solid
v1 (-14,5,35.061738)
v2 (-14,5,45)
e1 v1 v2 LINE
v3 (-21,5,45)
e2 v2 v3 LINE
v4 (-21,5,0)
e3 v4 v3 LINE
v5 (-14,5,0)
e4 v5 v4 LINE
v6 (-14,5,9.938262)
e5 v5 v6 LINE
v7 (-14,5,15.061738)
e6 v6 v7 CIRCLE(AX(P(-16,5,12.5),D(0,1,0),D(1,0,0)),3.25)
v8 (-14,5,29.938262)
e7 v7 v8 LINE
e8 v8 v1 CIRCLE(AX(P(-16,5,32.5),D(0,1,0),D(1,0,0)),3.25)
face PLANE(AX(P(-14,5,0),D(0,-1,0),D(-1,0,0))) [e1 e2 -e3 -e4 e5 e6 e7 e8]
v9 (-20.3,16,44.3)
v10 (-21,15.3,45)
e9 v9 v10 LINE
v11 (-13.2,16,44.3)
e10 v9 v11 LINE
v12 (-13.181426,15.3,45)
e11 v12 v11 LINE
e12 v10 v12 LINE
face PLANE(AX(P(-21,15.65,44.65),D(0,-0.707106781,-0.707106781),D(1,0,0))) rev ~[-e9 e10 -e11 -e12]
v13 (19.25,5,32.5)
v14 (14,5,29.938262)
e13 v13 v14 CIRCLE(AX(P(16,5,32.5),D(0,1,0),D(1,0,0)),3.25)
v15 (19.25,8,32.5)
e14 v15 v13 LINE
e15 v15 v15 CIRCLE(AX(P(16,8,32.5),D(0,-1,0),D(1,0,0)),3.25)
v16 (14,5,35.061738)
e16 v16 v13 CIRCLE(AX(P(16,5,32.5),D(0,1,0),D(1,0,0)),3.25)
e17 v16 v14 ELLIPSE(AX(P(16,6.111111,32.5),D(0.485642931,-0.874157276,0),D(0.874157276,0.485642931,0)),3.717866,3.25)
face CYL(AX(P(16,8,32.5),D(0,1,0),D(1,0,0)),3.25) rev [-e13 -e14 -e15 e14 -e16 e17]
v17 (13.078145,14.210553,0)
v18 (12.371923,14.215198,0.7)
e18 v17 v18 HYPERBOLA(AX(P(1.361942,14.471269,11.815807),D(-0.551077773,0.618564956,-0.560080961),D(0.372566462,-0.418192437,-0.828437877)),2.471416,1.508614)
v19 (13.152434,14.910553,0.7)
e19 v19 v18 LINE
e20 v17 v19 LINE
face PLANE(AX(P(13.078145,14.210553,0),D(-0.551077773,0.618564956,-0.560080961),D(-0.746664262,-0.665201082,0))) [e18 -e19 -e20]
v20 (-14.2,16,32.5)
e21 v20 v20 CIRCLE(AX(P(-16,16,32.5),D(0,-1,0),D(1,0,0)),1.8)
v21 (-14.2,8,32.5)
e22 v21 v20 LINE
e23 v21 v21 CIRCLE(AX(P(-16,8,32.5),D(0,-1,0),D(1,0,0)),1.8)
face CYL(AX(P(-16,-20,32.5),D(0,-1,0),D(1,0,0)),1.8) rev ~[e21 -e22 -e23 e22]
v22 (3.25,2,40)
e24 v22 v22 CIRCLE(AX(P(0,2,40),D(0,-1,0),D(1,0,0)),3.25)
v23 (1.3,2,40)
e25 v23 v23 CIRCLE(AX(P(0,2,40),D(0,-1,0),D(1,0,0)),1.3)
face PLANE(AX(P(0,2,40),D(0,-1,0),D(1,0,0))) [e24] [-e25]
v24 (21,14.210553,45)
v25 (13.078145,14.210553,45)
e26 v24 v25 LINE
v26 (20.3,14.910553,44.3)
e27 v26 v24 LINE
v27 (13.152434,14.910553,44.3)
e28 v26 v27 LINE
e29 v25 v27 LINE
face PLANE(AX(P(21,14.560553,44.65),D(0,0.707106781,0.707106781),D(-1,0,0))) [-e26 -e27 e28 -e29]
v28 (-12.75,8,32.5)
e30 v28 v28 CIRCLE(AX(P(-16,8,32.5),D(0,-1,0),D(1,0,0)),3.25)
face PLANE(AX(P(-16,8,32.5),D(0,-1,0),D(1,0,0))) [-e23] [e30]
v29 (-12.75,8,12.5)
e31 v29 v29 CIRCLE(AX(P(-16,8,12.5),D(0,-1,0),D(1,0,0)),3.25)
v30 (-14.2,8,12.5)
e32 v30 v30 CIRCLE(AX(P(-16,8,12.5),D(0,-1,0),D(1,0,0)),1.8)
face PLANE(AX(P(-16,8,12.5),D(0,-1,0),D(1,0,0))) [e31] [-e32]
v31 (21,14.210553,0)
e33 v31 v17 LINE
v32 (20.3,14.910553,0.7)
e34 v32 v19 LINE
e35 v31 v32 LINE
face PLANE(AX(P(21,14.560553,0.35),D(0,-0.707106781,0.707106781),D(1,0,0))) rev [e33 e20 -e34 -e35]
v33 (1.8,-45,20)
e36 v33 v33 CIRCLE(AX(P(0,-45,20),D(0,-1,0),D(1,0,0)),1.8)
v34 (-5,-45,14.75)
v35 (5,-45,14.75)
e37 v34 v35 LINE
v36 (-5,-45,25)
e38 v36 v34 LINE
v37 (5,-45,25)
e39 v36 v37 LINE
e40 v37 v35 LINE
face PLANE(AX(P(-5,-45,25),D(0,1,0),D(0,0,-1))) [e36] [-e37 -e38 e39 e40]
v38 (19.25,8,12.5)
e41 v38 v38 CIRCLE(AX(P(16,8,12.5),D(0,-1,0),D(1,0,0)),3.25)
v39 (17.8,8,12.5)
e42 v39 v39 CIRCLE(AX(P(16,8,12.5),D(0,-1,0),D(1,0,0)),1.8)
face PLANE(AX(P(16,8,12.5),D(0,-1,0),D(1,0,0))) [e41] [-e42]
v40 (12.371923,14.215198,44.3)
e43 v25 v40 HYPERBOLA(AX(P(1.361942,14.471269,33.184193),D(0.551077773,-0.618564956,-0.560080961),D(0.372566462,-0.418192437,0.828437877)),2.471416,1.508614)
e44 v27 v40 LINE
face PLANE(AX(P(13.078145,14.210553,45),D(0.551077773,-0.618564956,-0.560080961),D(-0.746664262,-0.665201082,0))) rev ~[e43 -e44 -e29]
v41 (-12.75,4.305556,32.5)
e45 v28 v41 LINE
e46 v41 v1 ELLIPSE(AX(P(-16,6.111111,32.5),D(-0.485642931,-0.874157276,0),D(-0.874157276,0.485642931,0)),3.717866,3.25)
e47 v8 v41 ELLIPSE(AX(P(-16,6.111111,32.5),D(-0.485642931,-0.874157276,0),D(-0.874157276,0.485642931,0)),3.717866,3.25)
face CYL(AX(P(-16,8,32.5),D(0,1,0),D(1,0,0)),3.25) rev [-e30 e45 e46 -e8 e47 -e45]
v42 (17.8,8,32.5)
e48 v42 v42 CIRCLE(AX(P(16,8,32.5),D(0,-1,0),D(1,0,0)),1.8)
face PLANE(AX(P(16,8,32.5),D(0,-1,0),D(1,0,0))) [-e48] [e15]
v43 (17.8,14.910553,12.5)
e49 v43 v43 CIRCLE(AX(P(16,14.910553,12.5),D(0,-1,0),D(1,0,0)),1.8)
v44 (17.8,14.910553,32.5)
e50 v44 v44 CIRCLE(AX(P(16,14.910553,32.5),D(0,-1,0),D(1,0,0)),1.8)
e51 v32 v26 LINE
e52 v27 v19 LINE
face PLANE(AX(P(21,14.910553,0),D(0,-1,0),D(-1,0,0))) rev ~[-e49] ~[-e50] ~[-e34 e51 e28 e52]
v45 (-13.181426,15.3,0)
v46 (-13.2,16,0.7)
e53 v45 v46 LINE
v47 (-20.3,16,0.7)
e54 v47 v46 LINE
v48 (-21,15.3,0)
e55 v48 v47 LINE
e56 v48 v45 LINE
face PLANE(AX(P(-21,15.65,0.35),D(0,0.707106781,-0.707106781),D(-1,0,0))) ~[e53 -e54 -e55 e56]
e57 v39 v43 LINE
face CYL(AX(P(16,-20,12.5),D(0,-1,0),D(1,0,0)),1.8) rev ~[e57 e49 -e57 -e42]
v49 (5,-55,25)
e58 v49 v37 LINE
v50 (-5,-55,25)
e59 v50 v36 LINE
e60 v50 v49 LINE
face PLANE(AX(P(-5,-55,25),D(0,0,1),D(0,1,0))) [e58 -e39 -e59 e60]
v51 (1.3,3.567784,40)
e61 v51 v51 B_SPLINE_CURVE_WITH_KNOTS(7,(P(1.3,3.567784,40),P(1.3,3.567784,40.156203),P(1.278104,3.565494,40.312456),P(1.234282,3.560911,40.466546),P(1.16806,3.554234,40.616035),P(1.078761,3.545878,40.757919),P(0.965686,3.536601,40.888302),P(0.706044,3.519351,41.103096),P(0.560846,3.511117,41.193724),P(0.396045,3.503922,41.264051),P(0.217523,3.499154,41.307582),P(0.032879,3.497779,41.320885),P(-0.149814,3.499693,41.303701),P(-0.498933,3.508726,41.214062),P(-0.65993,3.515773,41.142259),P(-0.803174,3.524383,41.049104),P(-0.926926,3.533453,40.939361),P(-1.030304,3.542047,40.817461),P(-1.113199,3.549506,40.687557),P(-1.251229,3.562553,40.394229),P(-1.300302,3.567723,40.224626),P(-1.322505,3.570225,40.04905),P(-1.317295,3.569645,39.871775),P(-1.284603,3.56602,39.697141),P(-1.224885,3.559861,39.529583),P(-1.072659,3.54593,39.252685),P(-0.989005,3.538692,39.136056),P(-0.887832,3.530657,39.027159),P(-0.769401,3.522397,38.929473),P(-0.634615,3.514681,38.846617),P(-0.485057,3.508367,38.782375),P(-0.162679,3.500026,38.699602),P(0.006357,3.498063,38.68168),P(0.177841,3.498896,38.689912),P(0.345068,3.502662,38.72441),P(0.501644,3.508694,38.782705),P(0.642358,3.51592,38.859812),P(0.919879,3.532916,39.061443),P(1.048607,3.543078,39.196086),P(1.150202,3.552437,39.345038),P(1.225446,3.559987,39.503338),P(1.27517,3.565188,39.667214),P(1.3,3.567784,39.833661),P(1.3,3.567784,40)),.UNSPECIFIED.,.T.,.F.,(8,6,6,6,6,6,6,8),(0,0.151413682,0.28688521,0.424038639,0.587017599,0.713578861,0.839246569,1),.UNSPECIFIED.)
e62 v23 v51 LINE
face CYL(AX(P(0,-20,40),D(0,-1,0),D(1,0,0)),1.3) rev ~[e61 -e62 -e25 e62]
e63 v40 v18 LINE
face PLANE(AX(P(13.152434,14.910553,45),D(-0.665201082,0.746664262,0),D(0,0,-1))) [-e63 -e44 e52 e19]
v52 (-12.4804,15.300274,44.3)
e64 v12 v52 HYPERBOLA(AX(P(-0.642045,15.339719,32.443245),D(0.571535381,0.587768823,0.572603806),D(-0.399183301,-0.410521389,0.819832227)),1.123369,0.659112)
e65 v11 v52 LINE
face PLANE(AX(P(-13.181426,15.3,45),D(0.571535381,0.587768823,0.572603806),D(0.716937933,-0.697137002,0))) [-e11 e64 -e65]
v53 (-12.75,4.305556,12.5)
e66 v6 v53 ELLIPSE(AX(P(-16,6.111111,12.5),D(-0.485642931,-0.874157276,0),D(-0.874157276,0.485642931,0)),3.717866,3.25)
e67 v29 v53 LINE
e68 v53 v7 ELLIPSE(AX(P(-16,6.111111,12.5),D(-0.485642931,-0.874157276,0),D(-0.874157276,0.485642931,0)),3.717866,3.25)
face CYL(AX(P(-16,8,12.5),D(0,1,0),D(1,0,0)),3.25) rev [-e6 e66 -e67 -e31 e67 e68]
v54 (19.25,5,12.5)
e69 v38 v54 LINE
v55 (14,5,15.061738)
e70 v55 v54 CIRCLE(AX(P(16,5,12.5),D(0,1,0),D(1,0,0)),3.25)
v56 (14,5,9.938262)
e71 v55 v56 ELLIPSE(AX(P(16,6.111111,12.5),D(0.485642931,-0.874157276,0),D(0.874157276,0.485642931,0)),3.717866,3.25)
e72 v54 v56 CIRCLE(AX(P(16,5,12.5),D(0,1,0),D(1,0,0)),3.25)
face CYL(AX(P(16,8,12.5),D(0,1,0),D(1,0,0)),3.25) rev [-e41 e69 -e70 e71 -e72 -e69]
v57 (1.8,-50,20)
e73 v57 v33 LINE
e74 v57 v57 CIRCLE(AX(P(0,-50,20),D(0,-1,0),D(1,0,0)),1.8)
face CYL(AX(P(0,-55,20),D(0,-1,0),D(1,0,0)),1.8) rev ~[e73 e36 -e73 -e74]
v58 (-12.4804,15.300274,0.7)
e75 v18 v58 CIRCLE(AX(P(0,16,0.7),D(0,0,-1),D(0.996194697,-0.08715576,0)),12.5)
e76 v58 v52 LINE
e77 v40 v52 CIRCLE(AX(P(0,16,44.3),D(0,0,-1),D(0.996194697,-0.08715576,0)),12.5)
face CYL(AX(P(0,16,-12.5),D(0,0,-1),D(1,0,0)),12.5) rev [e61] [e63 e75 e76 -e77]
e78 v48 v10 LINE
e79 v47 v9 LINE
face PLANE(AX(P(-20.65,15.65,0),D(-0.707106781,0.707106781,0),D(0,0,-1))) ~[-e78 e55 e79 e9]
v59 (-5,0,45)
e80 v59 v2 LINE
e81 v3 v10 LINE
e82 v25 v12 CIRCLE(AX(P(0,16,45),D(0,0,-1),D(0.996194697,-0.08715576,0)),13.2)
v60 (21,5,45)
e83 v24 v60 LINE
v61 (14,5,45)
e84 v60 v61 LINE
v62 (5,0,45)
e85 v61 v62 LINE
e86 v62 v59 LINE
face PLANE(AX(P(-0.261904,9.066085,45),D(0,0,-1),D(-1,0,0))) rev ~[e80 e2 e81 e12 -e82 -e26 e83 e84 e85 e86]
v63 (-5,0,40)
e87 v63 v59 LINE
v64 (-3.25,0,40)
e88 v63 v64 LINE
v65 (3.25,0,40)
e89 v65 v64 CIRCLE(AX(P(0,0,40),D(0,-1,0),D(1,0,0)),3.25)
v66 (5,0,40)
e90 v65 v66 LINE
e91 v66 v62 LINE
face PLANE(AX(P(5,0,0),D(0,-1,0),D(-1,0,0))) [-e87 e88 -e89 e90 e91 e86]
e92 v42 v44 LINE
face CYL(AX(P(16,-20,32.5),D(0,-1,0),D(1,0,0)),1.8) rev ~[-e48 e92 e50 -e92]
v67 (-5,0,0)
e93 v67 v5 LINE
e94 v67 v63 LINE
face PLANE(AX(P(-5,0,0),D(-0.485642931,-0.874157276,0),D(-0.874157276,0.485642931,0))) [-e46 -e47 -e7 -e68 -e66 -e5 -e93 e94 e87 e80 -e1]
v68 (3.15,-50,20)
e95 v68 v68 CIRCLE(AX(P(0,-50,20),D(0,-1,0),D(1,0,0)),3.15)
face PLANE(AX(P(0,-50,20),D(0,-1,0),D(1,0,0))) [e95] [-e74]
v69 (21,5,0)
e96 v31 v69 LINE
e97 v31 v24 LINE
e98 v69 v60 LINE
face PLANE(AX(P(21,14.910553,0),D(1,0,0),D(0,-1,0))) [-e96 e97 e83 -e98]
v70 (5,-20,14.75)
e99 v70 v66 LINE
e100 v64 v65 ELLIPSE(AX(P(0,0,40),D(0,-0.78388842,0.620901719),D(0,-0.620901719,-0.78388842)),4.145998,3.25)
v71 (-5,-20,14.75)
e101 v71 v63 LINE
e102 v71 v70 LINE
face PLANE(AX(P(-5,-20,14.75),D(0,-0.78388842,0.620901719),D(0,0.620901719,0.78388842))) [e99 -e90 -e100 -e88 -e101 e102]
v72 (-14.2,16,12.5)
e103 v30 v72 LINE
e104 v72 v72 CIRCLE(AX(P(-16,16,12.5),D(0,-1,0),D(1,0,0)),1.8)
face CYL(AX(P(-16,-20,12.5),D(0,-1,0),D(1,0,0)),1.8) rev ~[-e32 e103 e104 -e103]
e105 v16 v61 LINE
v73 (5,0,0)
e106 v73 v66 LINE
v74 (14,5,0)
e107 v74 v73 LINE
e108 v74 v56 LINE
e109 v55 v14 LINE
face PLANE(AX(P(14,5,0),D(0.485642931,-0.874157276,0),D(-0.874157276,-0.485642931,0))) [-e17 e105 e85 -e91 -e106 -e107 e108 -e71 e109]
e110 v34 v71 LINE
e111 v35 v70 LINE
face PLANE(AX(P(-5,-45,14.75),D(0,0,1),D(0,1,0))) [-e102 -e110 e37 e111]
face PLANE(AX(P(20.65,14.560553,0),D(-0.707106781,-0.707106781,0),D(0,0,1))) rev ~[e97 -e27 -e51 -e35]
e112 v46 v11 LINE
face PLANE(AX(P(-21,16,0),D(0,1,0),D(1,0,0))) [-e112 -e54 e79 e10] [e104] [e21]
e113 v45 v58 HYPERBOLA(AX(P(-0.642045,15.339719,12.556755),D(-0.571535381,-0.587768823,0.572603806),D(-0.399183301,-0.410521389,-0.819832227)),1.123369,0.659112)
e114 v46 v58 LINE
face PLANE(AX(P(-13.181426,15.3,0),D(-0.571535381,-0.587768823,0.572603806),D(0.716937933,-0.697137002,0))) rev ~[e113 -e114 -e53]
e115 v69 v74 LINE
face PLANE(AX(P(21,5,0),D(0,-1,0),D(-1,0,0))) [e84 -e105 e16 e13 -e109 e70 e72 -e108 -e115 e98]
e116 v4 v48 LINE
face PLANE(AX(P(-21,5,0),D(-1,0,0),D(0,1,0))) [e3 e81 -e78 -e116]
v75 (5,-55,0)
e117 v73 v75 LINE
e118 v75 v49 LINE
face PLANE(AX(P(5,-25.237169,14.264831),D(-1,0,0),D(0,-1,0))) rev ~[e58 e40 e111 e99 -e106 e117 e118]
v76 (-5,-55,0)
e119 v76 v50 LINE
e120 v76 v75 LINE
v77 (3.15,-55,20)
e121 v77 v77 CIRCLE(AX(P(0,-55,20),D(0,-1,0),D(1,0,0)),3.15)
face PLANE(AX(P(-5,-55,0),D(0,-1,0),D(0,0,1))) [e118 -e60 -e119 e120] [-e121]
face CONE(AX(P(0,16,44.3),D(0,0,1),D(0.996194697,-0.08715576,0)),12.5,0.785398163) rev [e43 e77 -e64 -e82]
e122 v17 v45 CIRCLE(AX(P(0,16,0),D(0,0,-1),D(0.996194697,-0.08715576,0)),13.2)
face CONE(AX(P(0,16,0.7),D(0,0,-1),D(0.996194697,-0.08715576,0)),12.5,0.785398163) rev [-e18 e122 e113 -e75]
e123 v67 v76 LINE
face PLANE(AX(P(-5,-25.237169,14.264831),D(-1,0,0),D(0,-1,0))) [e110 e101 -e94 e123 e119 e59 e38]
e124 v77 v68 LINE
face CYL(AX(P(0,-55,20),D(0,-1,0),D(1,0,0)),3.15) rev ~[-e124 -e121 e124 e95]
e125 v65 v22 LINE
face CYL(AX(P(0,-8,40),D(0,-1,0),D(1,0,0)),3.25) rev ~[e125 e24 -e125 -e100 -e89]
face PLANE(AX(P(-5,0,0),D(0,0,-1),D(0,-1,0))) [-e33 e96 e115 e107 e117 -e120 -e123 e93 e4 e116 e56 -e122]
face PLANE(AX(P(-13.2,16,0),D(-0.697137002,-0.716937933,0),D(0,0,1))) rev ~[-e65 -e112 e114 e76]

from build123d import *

# Parameters (mm, degrees)
SKETCH018_AS_DRAWN_R                 = 3.15
EXTRUDE021_DEPTH                     = 5
EXTRUDE021_ONTO_SKETCH018_ROLL_ANGLE = 90
SKETCH007_AS_DRAWN_R                 = 1.8
EXTRUDE020_DEPTH                     = 15
EXTRUDE020_ONTO_SKETCH007_ROLL_ANGLE = 90
SKETCH005_AS_DRAWN_R                 = 1.8
SKETCH005_AS_DRAWN_R_2               = 1.3
EXTRUDE008_DEPTH                     = 40
EXTRUDE008_ONTO_SKETCH005_ROLL_ANGLE = 90
SKETCH006_AS_DRAWN_R                 = 3.25
EXTRUDE009_DEPTH                     = 4
EXTRUDE009_ONTO_SKETCH006_ROLL_ANGLE = 90
SKETCH019_AS_DRAWN_R                 = 3.25
EXTRUDE022_DEPTH                     = 10
EXTRUDE022_ONTO_SKETCH019_ROLL_ANGLE = 90
SKETCH004_R                          = 12.5
EXTRUDE007_DEPTH                     = 60
EXTRUDE001_DEPTH                     = 10
EXTRUDE_DEPTH                        = 45
CHAMFER_SIZE                         = 0.7


with BuildPart() as extrude021:
    # Sketch018 as drawn → Extrude021 (new)
    with BuildSketch(Plane.XY):
        with Locations((0, 20)):
            Circle(SKETCH018_AS_DRAWN_R)
    extrude(amount=-EXTRUDE021_DEPTH)


with BuildPart() as extrude021_1:
    # Extrude021 onto Sketch018 roll: moved
    add(extrude021.part.rotate(Axis((0, 0, 0), (1, 0, 0)), EXTRUDE021_ONTO_SKETCH018_ROLL_ANGLE))


with BuildPart() as extrude021_2:
    # Extrude021 onto Sketch018 placement: moved
    add(extrude021_1.part.moved(Location((0, -55, 0))))


with BuildPart() as bottomscrewhole:
    # Sketch007 as drawn → Extrude020 (new)
    with BuildSketch(Plane.XY):
        with Locations((0, 20)):
            Circle(SKETCH007_AS_DRAWN_R)
    extrude(amount=-EXTRUDE020_DEPTH)


with BuildPart() as bottomscrewhole_1:
    # Extrude020 onto Sketch007 roll: moved
    add(bottomscrewhole.part.rotate(Axis((0, 0, 0), (1, 0, 0)), EXTRUDE020_ONTO_SKETCH007_ROLL_ANGLE))


with BuildPart() as bottomscrewhole_2:
    # Extrude020 onto Sketch007 placement: moved
    add(bottomscrewhole_1.part.moved(Location((0, -55, 0))))

    # Fusion006: union Extrude021
    add(extrude021_2.part)


with BuildPart() as extrude008:
    # Sketch005 as drawn → Extrude008 (new)
    with BuildSketch(Plane.XY):
        with Locations((-16, 10)):
            Circle(SKETCH005_AS_DRAWN_R)
        with Locations((16, 10)):
            Circle(SKETCH005_AS_DRAWN_R)
        with Locations((16, -10)):
            Circle(SKETCH005_AS_DRAWN_R)
        with Locations((-16, -10)):
            Circle(SKETCH005_AS_DRAWN_R)
        with Locations((0, 17.5)):
            Circle(SKETCH005_AS_DRAWN_R_2)
    extrude(amount=-EXTRUDE008_DEPTH)


with BuildPart() as extrude008_1:
    # Extrude008 onto Sketch005 roll: moved
    add(extrude008.part.rotate(Axis((0, 0, 0), (1, 0, 0)), EXTRUDE008_ONTO_SKETCH005_ROLL_ANGLE))


with BuildPart() as extrude008_2:
    # Extrude008 onto Sketch005 placement: moved
    add(extrude008_1.part)


with BuildPart() as extrude008_3:
    # Extrude008 placement: moved
    add(extrude008_2.part.moved(Location((0, -20, 0))))


with BuildPart() as extrude009:
    # Sketch006 as drawn → Extrude009 (new)
    with BuildSketch(Plane.XY):
        with Locations((-16, 10)):
            Circle(SKETCH006_AS_DRAWN_R)
        with Locations((16, 10)):
            Circle(SKETCH006_AS_DRAWN_R)
        with Locations((16, -10)):
            Circle(SKETCH006_AS_DRAWN_R)
        with Locations((-16, -10)):
            Circle(SKETCH006_AS_DRAWN_R)
    extrude(amount=EXTRUDE009_DEPTH)


with BuildPart() as extrude009_1:
    # Extrude009 onto Sketch006 roll: moved
    add(extrude009.part.rotate(Axis((0, 0, 0), (1, 0, 0)), EXTRUDE009_ONTO_SKETCH006_ROLL_ANGLE))


with BuildPart() as extrude009_2:
    # Extrude009 onto Sketch006 placement: moved
    add(extrude009_1.part)


with BuildPart() as extrude009_3:
    # Extrude009 placement: moved
    add(extrude009_2.part.moved(Location((0, 8, 0))))


with BuildPart() as screwholes:
    # Sketch019 as drawn → Extrude022 (new)
    with BuildSketch(Plane.XY):
        with Locations((0, 17.5)):
            Circle(SKETCH019_AS_DRAWN_R)
    extrude(amount=-EXTRUDE022_DEPTH)


with BuildPart() as screwholes_1:
    # Extrude022 onto Sketch019 roll: moved
    add(screwholes.part.rotate(Axis((0, 0, 0), (1, 0, 0)), EXTRUDE022_ONTO_SKETCH019_ROLL_ANGLE))


with BuildPart() as screwholes_2:
    # Extrude022 onto Sketch019 placement: moved
    add(screwholes_1.part)


with BuildPart() as screwholes_3:
    # Extrude022 placement: moved
    add(screwholes_2.part.moved(Location((0, -8, 0))))

    # Fusion007: union Extrude008, Extrude009
    add(extrude008_3.part)
    add(extrude009_3.part)


with BuildPart() as screwholes_4:
    # Fusion007 placement: moved
    add(screwholes_3.part.moved(Location((0, 0, 22.5))))


with BuildPart() as tube:
    # Sketch004 → Extrude007 (new body)
    with BuildSketch(Plane(origin=(0, 16, 0), x_dir=(1, 0, 0), z_dir=(0, 0, 1))):
        Circle(SKETCH004_R)
    extrude(amount=EXTRUDE007_DEPTH)


with BuildPart() as tube_1:
    # Extrude007 placement: moved
    add(tube.part.moved(Location((0, 0, -12.5))))


with BuildPart() as extrude001:
    # Sketch → Extrude001 (new body)
    with BuildSketch(Plane.YZ):
        Polygon((0, 40), (0, 0), (-55, 0), (-55, 25), (-45, 25), (-45, 14.75), (-20, 14.75), align=None)
    extrude(amount=EXTRUDE001_DEPTH)


with BuildPart() as extrude001_1:
    # Extrude001 placement: moved
    add(extrude001.part.moved(Location((-5, 0, 0))))


with BuildPart() as chamfer_body:
    # Sketch003 → Extrude (new body)
    with BuildSketch(Plane.XY):
        Polygon((21, 14.910553), (21, 5), (14, 5), (5, 0), (-5, 0), (-14, 5), (-21, 5), (-21, 16), (-12.5, 16), (-11.410553, 14.910553), (12.452434, 14.910553), align=None)
    extrude(amount=EXTRUDE_DEPTH)

    # Fusion: union Extrude001
    add(extrude001_1.part)

    # Cut: cut tube
    add(tube_1.part, mode=Mode.SUBTRACT)

    # Cut001: cut ScrewHoles
    add(screwholes_4.part, mode=Mode.SUBTRACT)

    # Cut002: cut BottomScrewHole
    add(bottomscrewhole_2.part, mode=Mode.SUBTRACT)

    # Chamfer
    chamfer_edges = [chamfer_body.edges().sort_by_distance(p)[0] for p in [
        (12.452434, 14.910553, 22.5),
        (16.726217, 14.910553, 0),
        (16.726217, 14.910553, 45),
        (21, 14.910553, 22.5),
        (-0.545242, 3.511897, 0),
        (-0.545242, 3.511897, 45),
        (-12.5, 16, 22.5),
        (-16.75, 16, 0),
        (-16.75, 16, 45),
        (-21, 16, 22.5),
    ]]
    chamfer(chamfer_edges, length=CHAMFER_SIZE)


solid = chamfer_body.part
